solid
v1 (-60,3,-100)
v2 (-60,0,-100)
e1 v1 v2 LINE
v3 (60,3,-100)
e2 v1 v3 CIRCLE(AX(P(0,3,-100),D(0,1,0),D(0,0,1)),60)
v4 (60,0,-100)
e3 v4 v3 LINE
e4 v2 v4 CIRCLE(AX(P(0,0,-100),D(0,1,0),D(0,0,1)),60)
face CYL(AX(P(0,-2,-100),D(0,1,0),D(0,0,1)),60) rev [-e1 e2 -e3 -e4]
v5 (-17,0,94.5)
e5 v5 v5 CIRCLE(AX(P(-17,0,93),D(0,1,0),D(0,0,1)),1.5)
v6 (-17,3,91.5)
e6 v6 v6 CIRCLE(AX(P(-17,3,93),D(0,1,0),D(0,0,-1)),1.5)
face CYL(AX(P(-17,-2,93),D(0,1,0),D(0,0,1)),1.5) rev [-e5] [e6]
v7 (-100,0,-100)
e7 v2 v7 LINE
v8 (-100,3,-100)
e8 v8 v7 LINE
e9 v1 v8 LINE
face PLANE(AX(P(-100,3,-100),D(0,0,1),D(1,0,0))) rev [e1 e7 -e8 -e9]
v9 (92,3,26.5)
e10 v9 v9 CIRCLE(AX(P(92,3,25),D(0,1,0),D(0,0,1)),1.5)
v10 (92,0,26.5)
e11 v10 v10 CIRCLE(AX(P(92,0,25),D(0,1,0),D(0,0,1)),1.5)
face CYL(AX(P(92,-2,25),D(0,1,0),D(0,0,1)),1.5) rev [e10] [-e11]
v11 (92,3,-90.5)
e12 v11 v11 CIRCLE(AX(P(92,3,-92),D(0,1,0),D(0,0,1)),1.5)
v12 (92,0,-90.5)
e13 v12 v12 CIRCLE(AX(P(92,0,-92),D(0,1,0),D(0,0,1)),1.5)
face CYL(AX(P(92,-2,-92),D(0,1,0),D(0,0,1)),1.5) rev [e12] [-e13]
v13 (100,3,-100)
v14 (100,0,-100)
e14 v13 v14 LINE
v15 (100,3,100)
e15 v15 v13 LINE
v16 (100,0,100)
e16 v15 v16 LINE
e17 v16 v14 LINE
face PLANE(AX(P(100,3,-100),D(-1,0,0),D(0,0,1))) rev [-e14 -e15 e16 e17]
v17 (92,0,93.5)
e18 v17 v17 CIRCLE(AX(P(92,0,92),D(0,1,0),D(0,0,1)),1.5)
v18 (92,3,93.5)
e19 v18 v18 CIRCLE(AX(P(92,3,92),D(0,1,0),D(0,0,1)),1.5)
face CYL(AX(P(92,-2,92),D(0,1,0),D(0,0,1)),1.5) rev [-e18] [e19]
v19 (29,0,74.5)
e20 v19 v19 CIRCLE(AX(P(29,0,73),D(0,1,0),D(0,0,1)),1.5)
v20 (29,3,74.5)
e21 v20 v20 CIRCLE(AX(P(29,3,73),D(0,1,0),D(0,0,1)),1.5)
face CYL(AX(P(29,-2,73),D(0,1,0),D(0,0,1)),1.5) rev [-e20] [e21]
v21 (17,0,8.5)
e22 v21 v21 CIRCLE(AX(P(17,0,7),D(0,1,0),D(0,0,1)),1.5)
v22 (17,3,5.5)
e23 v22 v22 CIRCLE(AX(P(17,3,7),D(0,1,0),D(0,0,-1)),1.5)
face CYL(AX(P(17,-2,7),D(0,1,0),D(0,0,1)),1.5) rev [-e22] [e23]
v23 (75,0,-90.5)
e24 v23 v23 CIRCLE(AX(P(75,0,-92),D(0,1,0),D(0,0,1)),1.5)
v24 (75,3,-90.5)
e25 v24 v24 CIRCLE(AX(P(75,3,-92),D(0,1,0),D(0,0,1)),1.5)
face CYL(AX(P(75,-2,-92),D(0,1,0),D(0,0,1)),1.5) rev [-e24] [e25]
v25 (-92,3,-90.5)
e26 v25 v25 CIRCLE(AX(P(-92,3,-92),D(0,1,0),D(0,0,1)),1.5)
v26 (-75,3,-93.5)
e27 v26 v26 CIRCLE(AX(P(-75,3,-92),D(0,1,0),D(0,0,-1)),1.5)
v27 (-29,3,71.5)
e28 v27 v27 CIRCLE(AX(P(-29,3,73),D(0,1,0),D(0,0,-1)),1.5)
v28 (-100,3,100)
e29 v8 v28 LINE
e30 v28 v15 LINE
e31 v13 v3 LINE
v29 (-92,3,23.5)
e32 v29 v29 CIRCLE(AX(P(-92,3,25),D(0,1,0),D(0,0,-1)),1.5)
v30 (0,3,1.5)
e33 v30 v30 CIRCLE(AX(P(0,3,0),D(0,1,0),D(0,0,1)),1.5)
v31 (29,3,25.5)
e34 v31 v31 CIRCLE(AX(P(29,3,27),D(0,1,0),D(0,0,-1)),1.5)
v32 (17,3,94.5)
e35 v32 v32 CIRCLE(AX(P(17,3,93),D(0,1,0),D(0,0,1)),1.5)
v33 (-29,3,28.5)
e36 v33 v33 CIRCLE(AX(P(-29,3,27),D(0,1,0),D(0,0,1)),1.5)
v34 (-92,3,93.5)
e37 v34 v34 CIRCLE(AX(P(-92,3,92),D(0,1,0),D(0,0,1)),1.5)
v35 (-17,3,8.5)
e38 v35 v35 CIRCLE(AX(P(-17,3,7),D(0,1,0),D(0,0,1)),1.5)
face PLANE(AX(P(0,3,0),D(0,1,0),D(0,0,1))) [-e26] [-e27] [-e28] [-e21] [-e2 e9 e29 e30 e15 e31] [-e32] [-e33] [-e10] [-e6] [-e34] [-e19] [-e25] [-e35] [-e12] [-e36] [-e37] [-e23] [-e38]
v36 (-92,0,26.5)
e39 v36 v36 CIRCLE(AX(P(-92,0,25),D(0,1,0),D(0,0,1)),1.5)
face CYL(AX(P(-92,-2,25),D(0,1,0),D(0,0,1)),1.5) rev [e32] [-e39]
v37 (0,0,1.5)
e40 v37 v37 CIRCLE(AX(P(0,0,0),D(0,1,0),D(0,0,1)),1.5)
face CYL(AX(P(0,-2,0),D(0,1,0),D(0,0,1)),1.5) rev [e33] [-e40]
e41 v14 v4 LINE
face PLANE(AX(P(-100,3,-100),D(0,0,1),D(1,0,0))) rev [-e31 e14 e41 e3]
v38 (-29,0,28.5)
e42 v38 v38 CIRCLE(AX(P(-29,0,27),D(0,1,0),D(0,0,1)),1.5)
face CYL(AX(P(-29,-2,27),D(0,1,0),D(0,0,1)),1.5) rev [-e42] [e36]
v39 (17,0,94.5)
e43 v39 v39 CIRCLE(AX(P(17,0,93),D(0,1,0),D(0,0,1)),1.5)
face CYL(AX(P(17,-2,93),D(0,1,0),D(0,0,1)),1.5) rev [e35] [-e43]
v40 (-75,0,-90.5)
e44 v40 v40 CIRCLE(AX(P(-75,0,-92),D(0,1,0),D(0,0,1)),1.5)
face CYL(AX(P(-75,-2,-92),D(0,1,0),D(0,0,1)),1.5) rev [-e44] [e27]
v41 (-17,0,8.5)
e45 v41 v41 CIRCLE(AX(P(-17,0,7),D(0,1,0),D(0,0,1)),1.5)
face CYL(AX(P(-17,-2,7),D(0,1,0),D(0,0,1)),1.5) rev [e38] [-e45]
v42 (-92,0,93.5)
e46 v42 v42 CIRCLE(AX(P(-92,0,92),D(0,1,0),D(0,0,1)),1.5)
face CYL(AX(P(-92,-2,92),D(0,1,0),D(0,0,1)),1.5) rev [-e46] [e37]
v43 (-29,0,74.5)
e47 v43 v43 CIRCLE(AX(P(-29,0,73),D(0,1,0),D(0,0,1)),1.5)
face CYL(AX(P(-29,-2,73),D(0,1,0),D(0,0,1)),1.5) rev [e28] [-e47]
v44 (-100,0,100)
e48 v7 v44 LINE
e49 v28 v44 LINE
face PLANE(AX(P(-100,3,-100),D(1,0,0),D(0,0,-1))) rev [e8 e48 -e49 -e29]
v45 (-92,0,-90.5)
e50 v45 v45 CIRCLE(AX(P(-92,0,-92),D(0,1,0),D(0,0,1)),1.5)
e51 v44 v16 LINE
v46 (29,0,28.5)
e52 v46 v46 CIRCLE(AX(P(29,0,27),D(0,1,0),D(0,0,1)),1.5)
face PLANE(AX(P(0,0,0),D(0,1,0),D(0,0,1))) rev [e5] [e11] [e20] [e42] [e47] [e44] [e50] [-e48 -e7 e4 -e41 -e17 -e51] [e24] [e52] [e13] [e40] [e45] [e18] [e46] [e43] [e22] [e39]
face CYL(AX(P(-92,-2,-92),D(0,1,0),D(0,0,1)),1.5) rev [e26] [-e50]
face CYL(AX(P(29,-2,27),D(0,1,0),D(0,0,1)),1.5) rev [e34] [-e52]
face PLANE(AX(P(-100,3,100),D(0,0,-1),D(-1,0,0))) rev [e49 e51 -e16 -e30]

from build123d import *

# Parameters (mm, degrees)
SKETCH3_W           = 200
SKETCH3_H           = 200
BOSS_EXTRUDE1_DEPTH = 3
SKETCH4_R           = 1.5
SKETCH4_R_2         = 60
CUT_EXTRUDE1_DEPTH  = 5


with BuildPart() as part:
    # Sketch3 → Boss-Extrude1 (new body)
    with BuildSketch(Plane(origin=(0, 0, 0), x_dir=(1, 0, 0), z_dir=(0, 1, 0))):
        Rectangle(SKETCH3_W, SKETCH3_H)
    extrude(amount=BOSS_EXTRUDE1_DEPTH)

    # Sketch4 → Cut-Extrude1 (cut)
    with BuildSketch(Plane(origin=(0, 3, 0), x_dir=(1, 0, 0), z_dir=(0, 1, 0))):
        with Locations(Location((92, 92, 0), (0, 0, 270))):
            Circle(SKETCH4_R)
        with Locations(Location((92, -92, 0), (0, 0, 270))):
            Circle(SKETCH4_R)
        with Locations(Location((-92, -92, 0), (0, 0, 270))):
            Circle(SKETCH4_R)
        with Locations(Location((-92, 92, 0), (0, 0, 270))):
            Circle(SKETCH4_R)
        with Locations(Location((92, -25, 0), (0, 0, 270))):
            Circle(SKETCH4_R)
        with Locations(Location((17, -93, 0), (0, 0, 270))):
            Circle(SKETCH4_R)
        with Locations(Location((29, -73, 0), (0, 0, 270))):
            Circle(SKETCH4_R)
        with Locations(Location((75, 92, 0), (0, 0, 270))):
            Circle(SKETCH4_R)
        with Locations(Location((29, -27, 0), (0, 0, 270))):
            Circle(SKETCH4_R)
        with Locations(Location((17, -7, 0), (0, 0, 270))):
            Circle(SKETCH4_R)
        with Locations(Location((-92, -25, 0), (0, 0, 270))):
            Circle(SKETCH4_R)
        with Locations(Location((-17, -93, 0), (0, 0, 270))):
            Circle(SKETCH4_R)
        with Locations(Location((-29, -73, 0), (0, 0, 270))):
            Circle(SKETCH4_R)
        with Locations(Location((-29, -27, 0), (0, 0, 270))):
            Circle(SKETCH4_R)
        with Locations(Location((-17, -7, 0), (0, 0, 270))):
            Circle(SKETCH4_R)
        with Locations((0, 100)):
            Circle(SKETCH4_R_2)
        with Locations(Location((-75, 92, 0), (0, 0, 270))):
            Circle(SKETCH4_R)
        with Locations(Location((0, 0, 0), (0, 0, 270))):
            Circle(SKETCH4_R)
    extrude(amount=-CUT_EXTRUDE1_DEPTH, mode=Mode.SUBTRACT)


solid = part.part
